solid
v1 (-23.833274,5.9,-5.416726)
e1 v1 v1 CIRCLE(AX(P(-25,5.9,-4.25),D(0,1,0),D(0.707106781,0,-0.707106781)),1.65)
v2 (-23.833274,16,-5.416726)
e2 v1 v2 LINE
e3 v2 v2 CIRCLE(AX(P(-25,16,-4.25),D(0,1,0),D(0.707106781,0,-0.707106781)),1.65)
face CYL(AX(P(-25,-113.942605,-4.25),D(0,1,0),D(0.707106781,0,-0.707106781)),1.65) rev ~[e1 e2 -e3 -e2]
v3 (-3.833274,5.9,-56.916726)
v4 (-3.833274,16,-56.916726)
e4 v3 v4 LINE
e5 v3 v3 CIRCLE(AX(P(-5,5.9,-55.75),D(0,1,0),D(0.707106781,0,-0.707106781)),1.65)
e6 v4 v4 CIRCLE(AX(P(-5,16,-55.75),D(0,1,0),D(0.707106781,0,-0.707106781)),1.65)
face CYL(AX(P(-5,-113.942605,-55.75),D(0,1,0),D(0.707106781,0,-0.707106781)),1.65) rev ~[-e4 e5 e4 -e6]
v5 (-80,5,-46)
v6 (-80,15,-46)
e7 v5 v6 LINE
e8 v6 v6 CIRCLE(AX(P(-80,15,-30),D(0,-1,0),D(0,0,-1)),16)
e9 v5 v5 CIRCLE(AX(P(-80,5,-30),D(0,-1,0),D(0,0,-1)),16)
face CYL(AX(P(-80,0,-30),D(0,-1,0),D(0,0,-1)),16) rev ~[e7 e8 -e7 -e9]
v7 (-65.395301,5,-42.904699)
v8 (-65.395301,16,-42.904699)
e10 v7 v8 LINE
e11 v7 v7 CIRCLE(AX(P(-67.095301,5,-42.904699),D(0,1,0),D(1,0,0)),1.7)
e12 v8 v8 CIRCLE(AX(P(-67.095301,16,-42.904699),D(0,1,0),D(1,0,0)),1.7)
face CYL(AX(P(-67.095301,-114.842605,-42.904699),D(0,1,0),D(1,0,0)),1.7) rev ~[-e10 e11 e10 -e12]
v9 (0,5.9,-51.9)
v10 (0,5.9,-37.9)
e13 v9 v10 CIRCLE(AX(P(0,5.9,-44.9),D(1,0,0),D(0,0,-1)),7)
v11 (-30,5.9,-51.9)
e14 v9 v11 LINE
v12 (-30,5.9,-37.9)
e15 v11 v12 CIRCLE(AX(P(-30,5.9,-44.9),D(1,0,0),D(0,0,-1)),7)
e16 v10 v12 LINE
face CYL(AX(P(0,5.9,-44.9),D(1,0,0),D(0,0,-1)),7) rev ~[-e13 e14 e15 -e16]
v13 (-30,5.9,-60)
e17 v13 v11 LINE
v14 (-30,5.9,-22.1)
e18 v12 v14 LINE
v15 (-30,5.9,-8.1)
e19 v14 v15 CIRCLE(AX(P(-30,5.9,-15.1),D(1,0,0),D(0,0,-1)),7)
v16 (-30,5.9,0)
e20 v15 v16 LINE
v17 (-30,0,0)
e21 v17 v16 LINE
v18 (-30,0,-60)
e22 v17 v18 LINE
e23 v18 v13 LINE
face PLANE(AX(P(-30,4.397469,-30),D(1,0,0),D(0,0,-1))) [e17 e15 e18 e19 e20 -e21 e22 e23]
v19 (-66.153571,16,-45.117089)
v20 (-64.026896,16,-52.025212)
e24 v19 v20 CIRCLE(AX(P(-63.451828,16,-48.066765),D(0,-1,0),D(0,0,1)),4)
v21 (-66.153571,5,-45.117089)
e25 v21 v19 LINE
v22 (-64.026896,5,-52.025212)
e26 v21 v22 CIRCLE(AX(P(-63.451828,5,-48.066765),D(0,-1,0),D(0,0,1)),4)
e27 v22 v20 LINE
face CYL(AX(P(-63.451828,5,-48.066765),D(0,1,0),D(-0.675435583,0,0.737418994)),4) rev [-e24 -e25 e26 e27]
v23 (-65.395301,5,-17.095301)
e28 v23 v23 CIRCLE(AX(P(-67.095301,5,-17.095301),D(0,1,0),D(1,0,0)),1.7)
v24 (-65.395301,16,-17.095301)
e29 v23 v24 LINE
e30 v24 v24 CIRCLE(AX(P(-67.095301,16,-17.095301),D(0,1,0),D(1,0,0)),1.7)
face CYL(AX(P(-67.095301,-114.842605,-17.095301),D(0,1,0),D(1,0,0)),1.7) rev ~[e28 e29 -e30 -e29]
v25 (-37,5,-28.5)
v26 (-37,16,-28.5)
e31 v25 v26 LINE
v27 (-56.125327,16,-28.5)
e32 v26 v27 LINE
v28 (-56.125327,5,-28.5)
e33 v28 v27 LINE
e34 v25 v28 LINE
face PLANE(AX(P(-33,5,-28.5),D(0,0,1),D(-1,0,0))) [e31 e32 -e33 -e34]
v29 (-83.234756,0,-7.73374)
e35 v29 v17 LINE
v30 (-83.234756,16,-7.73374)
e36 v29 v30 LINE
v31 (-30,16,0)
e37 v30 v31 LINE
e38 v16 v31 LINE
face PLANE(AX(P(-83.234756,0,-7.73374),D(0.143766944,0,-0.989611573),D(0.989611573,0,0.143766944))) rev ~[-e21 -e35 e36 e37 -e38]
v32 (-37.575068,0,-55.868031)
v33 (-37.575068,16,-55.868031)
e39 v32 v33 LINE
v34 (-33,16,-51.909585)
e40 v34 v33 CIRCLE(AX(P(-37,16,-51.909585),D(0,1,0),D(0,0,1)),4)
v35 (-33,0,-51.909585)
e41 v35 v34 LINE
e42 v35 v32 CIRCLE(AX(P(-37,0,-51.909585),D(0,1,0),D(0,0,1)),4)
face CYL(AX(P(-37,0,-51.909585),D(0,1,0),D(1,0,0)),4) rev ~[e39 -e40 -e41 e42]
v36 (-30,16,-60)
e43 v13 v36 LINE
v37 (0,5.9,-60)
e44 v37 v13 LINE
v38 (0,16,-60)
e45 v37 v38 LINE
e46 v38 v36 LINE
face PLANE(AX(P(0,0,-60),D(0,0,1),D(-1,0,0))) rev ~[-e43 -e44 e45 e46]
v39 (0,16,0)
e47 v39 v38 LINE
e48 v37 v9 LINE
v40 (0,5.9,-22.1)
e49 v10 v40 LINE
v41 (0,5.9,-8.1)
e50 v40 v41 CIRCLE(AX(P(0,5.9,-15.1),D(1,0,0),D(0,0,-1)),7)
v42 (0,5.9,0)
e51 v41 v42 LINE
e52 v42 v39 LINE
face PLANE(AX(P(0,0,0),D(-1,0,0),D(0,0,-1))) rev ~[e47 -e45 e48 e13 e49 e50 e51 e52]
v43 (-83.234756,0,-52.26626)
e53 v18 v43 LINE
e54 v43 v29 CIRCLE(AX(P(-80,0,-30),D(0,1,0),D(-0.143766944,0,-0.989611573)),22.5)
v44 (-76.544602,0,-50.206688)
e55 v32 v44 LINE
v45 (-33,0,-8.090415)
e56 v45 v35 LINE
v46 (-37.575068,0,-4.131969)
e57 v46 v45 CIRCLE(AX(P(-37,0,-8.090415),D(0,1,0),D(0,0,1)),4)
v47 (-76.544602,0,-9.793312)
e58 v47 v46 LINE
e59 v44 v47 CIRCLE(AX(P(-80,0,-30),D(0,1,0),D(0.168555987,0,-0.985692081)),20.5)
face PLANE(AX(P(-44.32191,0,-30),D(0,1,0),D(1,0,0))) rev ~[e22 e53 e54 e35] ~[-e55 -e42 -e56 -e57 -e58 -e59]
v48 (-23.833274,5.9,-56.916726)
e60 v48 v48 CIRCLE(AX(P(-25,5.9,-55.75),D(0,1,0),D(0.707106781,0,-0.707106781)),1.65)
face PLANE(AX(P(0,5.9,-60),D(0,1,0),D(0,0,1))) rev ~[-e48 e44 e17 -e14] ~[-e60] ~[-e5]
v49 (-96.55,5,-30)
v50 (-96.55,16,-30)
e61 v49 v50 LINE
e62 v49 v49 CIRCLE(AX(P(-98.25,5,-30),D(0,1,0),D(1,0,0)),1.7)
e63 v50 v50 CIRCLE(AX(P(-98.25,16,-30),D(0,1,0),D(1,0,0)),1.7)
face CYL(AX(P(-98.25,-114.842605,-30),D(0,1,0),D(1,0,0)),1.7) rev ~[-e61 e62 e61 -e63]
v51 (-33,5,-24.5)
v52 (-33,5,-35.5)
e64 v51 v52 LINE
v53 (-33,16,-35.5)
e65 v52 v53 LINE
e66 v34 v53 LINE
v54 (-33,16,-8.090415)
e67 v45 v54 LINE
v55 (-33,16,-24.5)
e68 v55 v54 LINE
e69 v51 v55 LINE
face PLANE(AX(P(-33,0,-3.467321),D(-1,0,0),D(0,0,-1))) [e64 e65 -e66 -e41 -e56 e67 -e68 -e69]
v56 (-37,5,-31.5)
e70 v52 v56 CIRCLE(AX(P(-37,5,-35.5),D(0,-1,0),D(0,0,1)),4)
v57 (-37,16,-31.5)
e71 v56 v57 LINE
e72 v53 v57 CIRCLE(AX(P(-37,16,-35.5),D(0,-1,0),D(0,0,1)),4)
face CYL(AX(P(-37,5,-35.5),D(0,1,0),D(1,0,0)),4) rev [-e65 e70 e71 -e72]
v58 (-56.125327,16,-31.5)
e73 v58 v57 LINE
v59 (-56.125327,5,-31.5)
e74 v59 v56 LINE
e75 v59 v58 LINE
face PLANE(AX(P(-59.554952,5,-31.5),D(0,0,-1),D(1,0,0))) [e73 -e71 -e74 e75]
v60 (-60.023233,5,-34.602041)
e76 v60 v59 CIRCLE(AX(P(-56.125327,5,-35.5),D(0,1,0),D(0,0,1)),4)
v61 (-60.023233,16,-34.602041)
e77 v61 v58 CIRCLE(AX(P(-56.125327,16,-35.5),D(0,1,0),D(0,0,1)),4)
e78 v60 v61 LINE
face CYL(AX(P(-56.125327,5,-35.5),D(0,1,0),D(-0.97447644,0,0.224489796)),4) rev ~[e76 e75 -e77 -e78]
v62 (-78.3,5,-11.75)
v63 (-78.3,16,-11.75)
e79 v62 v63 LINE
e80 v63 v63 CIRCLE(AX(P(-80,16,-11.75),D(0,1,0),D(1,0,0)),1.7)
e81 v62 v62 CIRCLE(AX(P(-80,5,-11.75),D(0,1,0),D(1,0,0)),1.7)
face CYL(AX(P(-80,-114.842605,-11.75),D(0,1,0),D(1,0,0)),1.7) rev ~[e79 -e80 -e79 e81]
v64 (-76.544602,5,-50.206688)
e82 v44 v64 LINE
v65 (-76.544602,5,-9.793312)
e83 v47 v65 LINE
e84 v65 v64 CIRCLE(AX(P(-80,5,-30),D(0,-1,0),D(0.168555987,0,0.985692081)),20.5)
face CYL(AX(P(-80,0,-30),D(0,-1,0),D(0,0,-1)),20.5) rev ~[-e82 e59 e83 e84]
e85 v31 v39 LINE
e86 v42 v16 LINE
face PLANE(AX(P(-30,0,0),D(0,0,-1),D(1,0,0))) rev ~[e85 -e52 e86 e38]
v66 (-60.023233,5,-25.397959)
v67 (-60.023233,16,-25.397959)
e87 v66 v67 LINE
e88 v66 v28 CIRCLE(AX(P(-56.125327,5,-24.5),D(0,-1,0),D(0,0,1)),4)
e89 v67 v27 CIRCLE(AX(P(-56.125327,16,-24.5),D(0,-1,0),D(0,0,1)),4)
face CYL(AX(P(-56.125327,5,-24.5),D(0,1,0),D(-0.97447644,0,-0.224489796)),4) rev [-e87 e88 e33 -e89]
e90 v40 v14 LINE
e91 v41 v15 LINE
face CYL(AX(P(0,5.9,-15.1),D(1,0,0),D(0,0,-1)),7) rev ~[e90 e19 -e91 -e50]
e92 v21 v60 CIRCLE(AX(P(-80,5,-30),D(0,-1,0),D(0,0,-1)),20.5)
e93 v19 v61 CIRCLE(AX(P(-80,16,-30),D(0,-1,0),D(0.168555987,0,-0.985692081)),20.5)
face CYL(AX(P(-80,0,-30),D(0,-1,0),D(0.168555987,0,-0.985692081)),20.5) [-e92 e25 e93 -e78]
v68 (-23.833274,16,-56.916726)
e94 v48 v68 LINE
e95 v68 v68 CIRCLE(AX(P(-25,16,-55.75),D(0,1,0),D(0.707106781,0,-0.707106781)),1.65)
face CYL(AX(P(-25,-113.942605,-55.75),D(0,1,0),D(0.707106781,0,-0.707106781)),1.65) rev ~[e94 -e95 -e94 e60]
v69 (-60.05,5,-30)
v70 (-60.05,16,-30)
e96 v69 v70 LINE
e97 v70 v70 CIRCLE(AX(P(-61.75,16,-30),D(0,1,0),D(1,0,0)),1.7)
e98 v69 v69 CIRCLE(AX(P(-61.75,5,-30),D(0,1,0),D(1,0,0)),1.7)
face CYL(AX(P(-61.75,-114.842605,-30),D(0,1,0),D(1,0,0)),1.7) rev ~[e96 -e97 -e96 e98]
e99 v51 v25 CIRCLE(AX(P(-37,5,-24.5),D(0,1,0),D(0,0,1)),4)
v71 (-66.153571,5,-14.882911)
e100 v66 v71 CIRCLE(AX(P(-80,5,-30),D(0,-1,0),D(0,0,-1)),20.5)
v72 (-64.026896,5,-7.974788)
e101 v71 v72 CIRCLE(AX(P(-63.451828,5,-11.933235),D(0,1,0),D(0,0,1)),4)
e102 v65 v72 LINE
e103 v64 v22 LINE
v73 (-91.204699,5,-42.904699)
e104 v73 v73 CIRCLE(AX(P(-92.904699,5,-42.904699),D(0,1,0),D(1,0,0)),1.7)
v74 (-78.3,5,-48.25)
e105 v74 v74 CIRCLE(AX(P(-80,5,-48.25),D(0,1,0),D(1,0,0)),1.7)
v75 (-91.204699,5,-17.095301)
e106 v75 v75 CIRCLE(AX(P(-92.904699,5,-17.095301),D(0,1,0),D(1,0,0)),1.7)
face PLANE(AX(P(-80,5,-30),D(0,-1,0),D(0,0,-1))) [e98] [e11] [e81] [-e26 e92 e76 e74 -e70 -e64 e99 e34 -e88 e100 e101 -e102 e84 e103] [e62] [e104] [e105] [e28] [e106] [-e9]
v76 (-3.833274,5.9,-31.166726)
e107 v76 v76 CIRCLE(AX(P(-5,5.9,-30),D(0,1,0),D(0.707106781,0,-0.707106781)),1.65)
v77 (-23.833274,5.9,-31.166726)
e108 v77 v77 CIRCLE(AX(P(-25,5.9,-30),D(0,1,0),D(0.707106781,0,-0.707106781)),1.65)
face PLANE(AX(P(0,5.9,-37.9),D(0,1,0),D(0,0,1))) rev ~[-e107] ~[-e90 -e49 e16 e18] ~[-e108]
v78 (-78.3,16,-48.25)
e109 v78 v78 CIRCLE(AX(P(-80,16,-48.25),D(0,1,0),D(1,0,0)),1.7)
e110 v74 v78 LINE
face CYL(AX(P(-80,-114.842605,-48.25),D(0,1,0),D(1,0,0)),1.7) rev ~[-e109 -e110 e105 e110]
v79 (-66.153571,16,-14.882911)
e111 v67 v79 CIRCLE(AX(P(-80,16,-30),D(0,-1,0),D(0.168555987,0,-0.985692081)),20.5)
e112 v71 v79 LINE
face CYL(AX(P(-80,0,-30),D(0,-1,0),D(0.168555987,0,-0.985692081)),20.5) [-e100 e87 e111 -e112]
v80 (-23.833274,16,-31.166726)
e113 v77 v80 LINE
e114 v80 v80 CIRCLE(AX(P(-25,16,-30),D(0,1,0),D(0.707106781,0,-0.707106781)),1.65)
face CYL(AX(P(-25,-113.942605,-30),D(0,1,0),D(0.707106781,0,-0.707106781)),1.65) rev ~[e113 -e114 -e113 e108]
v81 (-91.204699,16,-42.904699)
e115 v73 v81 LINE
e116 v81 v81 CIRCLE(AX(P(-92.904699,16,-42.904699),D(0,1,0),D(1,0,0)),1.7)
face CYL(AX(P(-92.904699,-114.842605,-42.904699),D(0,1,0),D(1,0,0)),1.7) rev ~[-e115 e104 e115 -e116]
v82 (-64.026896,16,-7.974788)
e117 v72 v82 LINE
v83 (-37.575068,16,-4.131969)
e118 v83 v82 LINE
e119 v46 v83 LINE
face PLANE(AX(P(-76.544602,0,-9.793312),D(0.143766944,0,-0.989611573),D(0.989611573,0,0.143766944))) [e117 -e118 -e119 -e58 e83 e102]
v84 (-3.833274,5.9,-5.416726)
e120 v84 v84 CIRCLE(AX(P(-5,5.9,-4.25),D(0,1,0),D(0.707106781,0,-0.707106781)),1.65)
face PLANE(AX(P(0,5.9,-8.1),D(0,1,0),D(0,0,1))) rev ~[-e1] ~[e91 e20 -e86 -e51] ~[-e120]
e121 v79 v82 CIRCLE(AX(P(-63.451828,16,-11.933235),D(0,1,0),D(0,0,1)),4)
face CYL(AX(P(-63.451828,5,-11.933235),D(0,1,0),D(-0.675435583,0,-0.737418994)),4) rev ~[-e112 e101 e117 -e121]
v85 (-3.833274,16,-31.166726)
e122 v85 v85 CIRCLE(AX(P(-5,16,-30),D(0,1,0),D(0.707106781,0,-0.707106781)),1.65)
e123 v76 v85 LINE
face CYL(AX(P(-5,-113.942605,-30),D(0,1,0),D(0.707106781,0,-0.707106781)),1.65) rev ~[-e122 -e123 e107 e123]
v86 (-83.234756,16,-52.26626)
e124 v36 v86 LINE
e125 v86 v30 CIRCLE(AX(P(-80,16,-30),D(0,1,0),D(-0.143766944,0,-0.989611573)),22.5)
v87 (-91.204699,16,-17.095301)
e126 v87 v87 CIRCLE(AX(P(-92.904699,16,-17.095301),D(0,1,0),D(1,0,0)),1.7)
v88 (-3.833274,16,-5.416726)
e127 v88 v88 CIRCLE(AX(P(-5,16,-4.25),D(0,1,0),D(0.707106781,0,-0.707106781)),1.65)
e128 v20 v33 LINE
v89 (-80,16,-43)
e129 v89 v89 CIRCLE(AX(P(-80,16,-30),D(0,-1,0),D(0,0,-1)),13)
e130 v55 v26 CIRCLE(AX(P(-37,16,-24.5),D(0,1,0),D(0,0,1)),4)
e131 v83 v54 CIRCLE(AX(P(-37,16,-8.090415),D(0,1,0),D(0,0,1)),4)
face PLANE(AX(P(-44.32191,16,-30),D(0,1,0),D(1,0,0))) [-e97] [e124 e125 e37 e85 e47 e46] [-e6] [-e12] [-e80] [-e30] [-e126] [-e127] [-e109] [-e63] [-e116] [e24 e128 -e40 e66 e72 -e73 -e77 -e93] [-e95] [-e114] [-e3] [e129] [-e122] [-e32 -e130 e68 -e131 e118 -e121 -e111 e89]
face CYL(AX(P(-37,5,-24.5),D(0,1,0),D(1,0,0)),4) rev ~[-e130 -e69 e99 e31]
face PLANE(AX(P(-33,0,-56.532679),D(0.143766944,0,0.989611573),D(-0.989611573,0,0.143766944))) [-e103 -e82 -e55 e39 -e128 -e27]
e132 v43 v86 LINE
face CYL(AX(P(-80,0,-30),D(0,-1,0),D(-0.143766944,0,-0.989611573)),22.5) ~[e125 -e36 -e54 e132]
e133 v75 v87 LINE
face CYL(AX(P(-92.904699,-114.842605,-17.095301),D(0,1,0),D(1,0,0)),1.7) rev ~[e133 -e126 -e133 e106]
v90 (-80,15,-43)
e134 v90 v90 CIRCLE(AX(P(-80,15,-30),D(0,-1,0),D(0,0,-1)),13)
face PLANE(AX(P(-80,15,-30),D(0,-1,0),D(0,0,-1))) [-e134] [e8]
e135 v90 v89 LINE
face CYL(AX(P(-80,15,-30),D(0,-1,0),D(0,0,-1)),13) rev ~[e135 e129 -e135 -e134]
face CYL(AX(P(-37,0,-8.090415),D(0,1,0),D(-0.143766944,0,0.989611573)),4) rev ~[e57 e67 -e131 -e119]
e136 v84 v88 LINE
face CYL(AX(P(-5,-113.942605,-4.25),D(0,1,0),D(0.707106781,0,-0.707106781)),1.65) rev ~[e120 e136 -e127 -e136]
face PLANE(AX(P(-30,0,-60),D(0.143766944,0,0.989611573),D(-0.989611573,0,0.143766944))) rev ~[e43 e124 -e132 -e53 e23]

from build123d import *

# Parameters (mm, degrees)
EXTRUDE_1_DEPTH      = 16
SKETCH_2_R           = 16
CUT_EXTRUDE_1_DEPTH  = 15
SKETCH_3_R           = 13
CUT_EXTRUDE_2_DEPTH  = 120.713198938
SKETCH_4_R           = 20.5
CUT_EXTRUDE_3_DEPTH  = 5
HOLE_WIZARD_M32_D    = 3.4
CUT_EXTRUDE_8_DEPTH  = 30
CUT_EXTRUDE_11_DEPTH = 120.842605112
EXTRUDE_2_DEPTH      = 11
FILLET_1_R           = 4
M4X0_71_D            = 3.3


with BuildPart() as part:
    # Эскиз1 → Бобышка-Вытянуть1 (new body)
    with BuildSketch(Plane(origin=(0, 0, 0), x_dir=(1, 0, 0), z_dir=(0, 1, 0))):
        with BuildLine():
            Line((0, 0), (0, 60))
            Line((0, 60), (-30, 60))
            Line((-30, 60), (-83.234756238, 52.266260397))
            ThreePointArc((-83.234756238, 52.266260397), (-102.5, 30), (-83.234756238, 7.733739603))
            Line((-83.234756238, 7.733739603), (-30, 0))
            Line((-30, 0), (0, 0))
        make_face()
    extrude(amount=EXTRUDE_1_DEPTH)

    # Эскиз2 → Вырез-Вытянуть1 (cut)
    with BuildSketch(Plane.XZ):
        with Locations(Location((-80, -30, 0), (0, 0, 270))):
            Circle(SKETCH_2_R)
    extrude(amount=-CUT_EXTRUDE_1_DEPTH, mode=Mode.SUBTRACT)

    # Эскиз3 → Вырез-Вытянуть2 (cut, through all)
    with BuildSketch(Plane.XZ.offset(-15)):
        with Locations(Location((-80, -30, 0), (0, 0, 270))):
            Circle(SKETCH_3_R)
    extrude(amount=-CUT_EXTRUDE_2_DEPTH, mode=Mode.SUBTRACT)

    # Эскиз4 → Вырез-Вытянуть3 (cut)
    with BuildSketch(Plane.XZ):
        with Locations(Location((-80, -30, 0), (0, 0, 270))):
            Circle(SKETCH_4_R)
    extrude(amount=-CUT_EXTRUDE_3_DEPTH, mode=Mode.SUBTRACT)

    # Отверстие с зазором M32 (through all)
    with Locations(Plane(origin=(0, 5, 0), x_dir=(-1, 0, 0), z_dir=(0, -1, 0))):
        with Locations((92.904698757, 17.095301243), (67.095301243, 17.095301243), (67.095301243, 42.904698757), (92.904698757, 42.904698757), (80, 11.75), (61.75, 30), (80, 48.25), (98.25, 30)):
            Hole(HOLE_WIZARD_M32_D / 2)

    # Эскиз8 → Вырез-Вытянуть8 (cut)
    with BuildSketch(Plane(origin=(0, 0, 0), x_dir=(0, 0, -1), z_dir=(1, 0, 0))):
        with BuildLine():
            Line((37.9, 5.9), (22.1, 5.9))
            ThreePointArc((22.1, 5.9), (15.1, 12.9), (8.1, 5.9))
            Line((8.1, 5.9), (0, 5.9))
            Line((0, 5.9), (0, 0))
            Line((0, 0), (60, 0))
            Line((60, 0), (60, 5.9))
            Line((60, 5.9), (51.9, 5.9))
            ThreePointArc((51.9, 5.9), (44.9, 12.9), (37.9, 5.9))
        make_face()
    extrude(amount=-CUT_EXTRUDE_8_DEPTH, mode=Mode.SUBTRACT)

    # Эскиз14 → Вырез-Вытянуть11 (cut, through all)
    with BuildSketch(Plane.XZ):
        with BuildLine():
            Line((-33, -56.53267916), (-76.544602266, -50.206687668))
            ThreePointArc((-76.544602266, -50.206687668), (-59.5, -30), (-76.544602266, -9.793312332))
            Line((-76.544602266, -9.793312332), (-33, -3.46732084))
            Line((-33, -3.46732084), (-33, -56.53267916))
        make_face()
    extrude(amount=-CUT_EXTRUDE_11_DEPTH, mode=Mode.SUBTRACT)

    # Эскиз15 → Бобышка-Вытянуть2 (add, through all)
    with BuildSketch(Plane.XZ.offset(-5)):
        with BuildLine():
            Line((-59.5549517, -31.5), (-33, -31.5))
            Line((-33, -31.5), (-33, -28.5))
            Line((-33, -28.5), (-59.5549517, -28.5))
            ThreePointArc((-59.5549517, -28.5), (-59.5, -30), (-59.5549517, -31.5))
        make_face()
    extrude(amount=-EXTRUDE_2_DEPTH)

    # Скругление1
    fillet_1_edges = [part.edges().sort_by_distance(p)[0] for p in [
        (-76.544602266, 10.5, -50.206687668),
        (-76.544602266, 10.5, -9.793312332),
        (-33, 8, -3.46732084),
        (-33, 8, -56.53267916),
        (-33, 10.5, -28.5),
        (-33, 10.5, -31.5),
        (-59.5549517, 10.5, -31.5),
        (-59.5549517, 10.5, -28.5),
    ]]
    fillet(fillet_1_edges, radius=FILLET_1_R)

    # Отверстие обработанное метчиком M4x0.71 (through all)
    with Locations(Plane(origin=(-72.539630463, 5.9, -28.004308474), x_dir=(-0.7071067811865468, 0, 0.7071067811865482), z_dir=(0, -1, 0))):
        with Locations((-67.376897326, -28.138564072), (-53.234761703, -13.996428448), (-35.026762087, -32.204428064), (-49.168897711, -46.346563688), (-30.960898095, -64.554563303), (-16.818762471, -50.412427679)):
            Hole(M4X0_71_D / 2)


solid = part.part
